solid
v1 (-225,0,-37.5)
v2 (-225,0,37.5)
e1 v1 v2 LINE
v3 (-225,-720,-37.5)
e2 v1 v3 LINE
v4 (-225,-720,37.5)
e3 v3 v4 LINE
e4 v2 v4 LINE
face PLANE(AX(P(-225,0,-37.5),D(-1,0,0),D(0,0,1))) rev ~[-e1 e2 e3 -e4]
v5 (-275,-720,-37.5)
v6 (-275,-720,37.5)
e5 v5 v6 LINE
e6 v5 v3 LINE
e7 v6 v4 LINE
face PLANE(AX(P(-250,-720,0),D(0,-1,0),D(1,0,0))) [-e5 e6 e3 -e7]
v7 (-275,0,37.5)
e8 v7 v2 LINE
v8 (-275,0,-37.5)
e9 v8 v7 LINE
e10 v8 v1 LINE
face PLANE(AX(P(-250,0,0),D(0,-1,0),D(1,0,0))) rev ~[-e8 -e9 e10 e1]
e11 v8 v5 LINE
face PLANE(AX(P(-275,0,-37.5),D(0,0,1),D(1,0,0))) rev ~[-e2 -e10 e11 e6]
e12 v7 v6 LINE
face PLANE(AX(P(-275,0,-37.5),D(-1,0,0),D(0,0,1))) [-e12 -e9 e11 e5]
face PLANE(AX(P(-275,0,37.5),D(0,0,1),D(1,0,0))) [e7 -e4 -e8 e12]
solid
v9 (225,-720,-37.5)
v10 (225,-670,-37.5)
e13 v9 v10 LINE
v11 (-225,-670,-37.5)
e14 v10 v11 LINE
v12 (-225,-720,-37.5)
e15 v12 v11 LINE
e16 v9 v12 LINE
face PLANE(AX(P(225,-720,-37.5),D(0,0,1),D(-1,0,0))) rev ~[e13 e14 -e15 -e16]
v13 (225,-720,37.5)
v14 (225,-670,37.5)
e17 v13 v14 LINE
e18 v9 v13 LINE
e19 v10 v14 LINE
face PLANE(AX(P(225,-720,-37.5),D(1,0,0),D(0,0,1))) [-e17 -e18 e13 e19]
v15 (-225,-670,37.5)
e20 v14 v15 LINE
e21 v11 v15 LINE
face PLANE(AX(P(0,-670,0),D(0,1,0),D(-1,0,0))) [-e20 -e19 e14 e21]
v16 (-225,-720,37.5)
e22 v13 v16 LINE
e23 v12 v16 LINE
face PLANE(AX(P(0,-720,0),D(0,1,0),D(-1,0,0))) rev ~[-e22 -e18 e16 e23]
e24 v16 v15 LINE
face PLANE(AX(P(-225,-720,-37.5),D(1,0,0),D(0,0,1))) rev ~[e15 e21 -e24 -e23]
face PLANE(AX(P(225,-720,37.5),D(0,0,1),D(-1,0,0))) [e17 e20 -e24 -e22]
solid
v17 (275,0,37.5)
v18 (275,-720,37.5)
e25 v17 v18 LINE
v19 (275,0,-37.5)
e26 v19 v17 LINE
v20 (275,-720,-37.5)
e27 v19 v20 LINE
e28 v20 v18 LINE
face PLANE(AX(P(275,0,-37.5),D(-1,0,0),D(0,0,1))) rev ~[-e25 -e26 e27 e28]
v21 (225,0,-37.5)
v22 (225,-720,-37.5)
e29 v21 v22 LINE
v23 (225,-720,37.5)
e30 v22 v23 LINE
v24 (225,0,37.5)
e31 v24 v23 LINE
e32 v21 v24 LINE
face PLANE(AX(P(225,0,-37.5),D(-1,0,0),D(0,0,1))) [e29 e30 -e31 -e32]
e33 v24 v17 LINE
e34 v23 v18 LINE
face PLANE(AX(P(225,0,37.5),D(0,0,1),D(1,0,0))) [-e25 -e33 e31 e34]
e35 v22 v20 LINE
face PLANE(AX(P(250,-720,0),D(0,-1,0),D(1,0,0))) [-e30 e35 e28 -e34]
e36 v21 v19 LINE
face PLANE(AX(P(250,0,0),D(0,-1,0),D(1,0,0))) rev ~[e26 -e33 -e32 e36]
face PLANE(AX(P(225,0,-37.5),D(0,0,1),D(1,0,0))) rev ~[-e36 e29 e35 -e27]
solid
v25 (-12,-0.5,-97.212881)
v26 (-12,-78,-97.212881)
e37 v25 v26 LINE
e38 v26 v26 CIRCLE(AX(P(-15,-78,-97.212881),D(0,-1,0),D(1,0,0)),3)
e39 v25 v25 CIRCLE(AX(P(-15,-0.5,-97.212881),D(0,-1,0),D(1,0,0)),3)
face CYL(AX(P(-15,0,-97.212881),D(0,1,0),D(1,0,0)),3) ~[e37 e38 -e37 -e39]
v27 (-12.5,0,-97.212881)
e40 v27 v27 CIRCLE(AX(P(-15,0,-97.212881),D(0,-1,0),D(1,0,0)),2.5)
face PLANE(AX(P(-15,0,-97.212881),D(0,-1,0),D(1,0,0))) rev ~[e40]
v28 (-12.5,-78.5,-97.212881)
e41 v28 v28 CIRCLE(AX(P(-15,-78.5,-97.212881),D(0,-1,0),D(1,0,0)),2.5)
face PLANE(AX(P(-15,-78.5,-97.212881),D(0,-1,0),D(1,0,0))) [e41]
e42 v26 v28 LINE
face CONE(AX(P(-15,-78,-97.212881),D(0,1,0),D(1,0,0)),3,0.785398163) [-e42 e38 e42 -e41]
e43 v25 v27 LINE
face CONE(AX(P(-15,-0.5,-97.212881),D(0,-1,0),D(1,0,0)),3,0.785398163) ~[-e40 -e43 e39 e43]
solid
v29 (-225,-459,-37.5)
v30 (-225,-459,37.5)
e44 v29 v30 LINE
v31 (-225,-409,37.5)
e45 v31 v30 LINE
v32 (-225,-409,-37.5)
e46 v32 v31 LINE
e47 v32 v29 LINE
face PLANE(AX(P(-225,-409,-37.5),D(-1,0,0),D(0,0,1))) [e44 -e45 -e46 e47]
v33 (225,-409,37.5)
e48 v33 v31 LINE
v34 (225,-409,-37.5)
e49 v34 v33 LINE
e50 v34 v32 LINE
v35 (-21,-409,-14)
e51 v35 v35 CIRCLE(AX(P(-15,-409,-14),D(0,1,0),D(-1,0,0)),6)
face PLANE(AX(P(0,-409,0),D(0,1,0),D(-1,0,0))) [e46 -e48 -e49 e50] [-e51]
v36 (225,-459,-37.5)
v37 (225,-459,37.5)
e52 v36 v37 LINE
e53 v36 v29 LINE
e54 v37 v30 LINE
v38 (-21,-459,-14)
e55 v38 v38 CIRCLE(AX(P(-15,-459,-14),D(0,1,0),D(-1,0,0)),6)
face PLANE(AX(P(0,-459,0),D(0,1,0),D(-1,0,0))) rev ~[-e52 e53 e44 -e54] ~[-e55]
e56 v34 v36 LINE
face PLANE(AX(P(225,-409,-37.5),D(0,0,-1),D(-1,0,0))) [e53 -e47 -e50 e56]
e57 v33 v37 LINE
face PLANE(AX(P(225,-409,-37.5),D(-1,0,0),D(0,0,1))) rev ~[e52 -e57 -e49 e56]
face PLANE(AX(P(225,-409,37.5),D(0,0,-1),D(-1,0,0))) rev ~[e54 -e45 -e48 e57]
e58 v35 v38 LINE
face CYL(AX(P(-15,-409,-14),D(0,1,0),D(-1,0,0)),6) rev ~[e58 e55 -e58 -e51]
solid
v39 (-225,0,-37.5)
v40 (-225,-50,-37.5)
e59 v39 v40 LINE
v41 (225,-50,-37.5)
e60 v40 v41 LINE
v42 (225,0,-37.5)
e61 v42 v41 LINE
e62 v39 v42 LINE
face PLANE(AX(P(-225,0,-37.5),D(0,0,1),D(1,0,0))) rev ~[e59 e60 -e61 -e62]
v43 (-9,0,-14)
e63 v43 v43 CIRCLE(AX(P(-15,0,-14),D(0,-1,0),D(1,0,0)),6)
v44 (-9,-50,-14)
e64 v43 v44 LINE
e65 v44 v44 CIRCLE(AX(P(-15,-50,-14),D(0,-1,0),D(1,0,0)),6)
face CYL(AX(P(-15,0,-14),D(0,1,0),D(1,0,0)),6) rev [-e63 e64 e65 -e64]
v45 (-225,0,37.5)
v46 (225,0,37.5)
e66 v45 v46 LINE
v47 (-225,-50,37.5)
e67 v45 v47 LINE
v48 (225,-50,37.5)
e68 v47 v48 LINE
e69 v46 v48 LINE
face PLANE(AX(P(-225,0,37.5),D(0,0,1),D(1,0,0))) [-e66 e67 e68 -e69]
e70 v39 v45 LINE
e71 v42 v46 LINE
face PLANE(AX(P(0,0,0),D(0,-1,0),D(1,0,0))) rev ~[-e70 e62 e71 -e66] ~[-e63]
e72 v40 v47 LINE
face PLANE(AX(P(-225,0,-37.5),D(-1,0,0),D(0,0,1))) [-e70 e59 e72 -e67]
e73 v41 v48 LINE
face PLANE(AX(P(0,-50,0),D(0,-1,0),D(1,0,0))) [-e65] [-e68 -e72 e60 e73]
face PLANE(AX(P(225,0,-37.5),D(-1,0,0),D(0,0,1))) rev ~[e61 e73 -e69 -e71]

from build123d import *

# Parameters (mm, degrees)
F0_W      = 450
F0_H      = 75
F0_R      = 6
F1_DEPTH  = 50
F0_W_2    = 50
F2_DEPTH  = 720
F3_DEPTH  = 720
F5_W      = 450
F5_H      = 75
F5_R      = 6
F6_DEPTH  = 50
F8_W      = 450
F8_H      = 75
F9_DEPTH  = 50
F10_DEPTH = 78.5
F0_R_2    = 3
F11_SIZE  = 0.5
F13_DEPTH = 720
F15_DEPTH = 720


with BuildPart() as f1:
    # F0 (on Front) → F1 (new body)
    with BuildSketch(Plane.XZ):
        Rectangle(F0_W, F0_H)
        with Locations((-15, -14)):
            Circle(F0_R, mode=Mode.SUBTRACT)
    extrude(amount=F1_DEPTH)


with BuildPart() as f2:
    # F0 (on Front) → F2 (new body)
    with BuildSketch(Plane.XZ):
        with Locations((250, 0)):
            Rectangle(F0_W_2, F0_H)
    extrude(amount=F2_DEPTH)


with BuildPart() as f3:
    # F0 (on Front) → F3 (new body)
    with BuildSketch(Plane.XZ):
        with Locations((-250, 0)):
            Rectangle(F0_W_2, F0_H)
    extrude(amount=F3_DEPTH)


with BuildPart() as f6:
    # F5 (on offset) → F6 (new body)
    with BuildSketch(Plane(origin=(0, -409, 0), x_dir=(-1, 0, 0), z_dir=(0, 1, 0))):
        Rectangle(F5_W, F5_H)
        with Locations((15, -14)):
            Circle(F5_R, mode=Mode.SUBTRACT)
    extrude(amount=-F6_DEPTH)


with BuildPart() as f9:
    # F8 (on offset) → F9 (new body)
    with BuildSketch(Plane(origin=(0, -720, 0), x_dir=(-1, 0, 0), z_dir=(0, 1, 0))):
        Rectangle(F8_W, F8_H)
    extrude(amount=F9_DEPTH)


with BuildPart() as f10:
    # F0 (on Front) → F10 (new body)
    with BuildSketch(Plane.XZ):
        Rectangle(F0_W, F0_H)
        with Locations((-15, -14)):
            Circle(F0_R, mode=Mode.SUBTRACT)
        with Locations((250, 0)):
            Rectangle(F0_W_2, F0_H)
        with Locations((-250, 0)):
            Rectangle(F0_W_2, F0_H)
    extrude(amount=F10_DEPTH)


with BuildPart() as f10b:
    # F0 (on Front) → F10, piece 2 (new body)
    with BuildSketch(Plane.XZ):
        with Locations((-15, -97.2128808498)):
            Circle(F0_R_2)
    extrude(amount=F10_DEPTH)

    # F11
    f11_edges = [f10b.edges().sort_by_distance(p)[0] for p in [
        (-18, 0, -97.212881),
        (-18, -78.5, -97.212881),
    ]]
    chamfer(f11_edges, length=F11_SIZE)


with BuildPart() as f13:
    # F0 (on Front) → F13 (new body)
    with BuildSketch(Plane.XZ):
        with Locations((250, 0)):
            Rectangle(F0_W_2, F0_H)
    extrude(amount=F13_DEPTH)


with BuildPart() as f15:
    # F0 (on Front) → F15 (new body)
    with BuildSketch(Plane.XZ):
        with Locations((250, 0)):
            Rectangle(F0_W_2, F0_H)
    extrude(amount=F15_DEPTH)


solid = Compound([f1.part, f3.part, f6.part, f9.part, f10b.part, f15.part])
